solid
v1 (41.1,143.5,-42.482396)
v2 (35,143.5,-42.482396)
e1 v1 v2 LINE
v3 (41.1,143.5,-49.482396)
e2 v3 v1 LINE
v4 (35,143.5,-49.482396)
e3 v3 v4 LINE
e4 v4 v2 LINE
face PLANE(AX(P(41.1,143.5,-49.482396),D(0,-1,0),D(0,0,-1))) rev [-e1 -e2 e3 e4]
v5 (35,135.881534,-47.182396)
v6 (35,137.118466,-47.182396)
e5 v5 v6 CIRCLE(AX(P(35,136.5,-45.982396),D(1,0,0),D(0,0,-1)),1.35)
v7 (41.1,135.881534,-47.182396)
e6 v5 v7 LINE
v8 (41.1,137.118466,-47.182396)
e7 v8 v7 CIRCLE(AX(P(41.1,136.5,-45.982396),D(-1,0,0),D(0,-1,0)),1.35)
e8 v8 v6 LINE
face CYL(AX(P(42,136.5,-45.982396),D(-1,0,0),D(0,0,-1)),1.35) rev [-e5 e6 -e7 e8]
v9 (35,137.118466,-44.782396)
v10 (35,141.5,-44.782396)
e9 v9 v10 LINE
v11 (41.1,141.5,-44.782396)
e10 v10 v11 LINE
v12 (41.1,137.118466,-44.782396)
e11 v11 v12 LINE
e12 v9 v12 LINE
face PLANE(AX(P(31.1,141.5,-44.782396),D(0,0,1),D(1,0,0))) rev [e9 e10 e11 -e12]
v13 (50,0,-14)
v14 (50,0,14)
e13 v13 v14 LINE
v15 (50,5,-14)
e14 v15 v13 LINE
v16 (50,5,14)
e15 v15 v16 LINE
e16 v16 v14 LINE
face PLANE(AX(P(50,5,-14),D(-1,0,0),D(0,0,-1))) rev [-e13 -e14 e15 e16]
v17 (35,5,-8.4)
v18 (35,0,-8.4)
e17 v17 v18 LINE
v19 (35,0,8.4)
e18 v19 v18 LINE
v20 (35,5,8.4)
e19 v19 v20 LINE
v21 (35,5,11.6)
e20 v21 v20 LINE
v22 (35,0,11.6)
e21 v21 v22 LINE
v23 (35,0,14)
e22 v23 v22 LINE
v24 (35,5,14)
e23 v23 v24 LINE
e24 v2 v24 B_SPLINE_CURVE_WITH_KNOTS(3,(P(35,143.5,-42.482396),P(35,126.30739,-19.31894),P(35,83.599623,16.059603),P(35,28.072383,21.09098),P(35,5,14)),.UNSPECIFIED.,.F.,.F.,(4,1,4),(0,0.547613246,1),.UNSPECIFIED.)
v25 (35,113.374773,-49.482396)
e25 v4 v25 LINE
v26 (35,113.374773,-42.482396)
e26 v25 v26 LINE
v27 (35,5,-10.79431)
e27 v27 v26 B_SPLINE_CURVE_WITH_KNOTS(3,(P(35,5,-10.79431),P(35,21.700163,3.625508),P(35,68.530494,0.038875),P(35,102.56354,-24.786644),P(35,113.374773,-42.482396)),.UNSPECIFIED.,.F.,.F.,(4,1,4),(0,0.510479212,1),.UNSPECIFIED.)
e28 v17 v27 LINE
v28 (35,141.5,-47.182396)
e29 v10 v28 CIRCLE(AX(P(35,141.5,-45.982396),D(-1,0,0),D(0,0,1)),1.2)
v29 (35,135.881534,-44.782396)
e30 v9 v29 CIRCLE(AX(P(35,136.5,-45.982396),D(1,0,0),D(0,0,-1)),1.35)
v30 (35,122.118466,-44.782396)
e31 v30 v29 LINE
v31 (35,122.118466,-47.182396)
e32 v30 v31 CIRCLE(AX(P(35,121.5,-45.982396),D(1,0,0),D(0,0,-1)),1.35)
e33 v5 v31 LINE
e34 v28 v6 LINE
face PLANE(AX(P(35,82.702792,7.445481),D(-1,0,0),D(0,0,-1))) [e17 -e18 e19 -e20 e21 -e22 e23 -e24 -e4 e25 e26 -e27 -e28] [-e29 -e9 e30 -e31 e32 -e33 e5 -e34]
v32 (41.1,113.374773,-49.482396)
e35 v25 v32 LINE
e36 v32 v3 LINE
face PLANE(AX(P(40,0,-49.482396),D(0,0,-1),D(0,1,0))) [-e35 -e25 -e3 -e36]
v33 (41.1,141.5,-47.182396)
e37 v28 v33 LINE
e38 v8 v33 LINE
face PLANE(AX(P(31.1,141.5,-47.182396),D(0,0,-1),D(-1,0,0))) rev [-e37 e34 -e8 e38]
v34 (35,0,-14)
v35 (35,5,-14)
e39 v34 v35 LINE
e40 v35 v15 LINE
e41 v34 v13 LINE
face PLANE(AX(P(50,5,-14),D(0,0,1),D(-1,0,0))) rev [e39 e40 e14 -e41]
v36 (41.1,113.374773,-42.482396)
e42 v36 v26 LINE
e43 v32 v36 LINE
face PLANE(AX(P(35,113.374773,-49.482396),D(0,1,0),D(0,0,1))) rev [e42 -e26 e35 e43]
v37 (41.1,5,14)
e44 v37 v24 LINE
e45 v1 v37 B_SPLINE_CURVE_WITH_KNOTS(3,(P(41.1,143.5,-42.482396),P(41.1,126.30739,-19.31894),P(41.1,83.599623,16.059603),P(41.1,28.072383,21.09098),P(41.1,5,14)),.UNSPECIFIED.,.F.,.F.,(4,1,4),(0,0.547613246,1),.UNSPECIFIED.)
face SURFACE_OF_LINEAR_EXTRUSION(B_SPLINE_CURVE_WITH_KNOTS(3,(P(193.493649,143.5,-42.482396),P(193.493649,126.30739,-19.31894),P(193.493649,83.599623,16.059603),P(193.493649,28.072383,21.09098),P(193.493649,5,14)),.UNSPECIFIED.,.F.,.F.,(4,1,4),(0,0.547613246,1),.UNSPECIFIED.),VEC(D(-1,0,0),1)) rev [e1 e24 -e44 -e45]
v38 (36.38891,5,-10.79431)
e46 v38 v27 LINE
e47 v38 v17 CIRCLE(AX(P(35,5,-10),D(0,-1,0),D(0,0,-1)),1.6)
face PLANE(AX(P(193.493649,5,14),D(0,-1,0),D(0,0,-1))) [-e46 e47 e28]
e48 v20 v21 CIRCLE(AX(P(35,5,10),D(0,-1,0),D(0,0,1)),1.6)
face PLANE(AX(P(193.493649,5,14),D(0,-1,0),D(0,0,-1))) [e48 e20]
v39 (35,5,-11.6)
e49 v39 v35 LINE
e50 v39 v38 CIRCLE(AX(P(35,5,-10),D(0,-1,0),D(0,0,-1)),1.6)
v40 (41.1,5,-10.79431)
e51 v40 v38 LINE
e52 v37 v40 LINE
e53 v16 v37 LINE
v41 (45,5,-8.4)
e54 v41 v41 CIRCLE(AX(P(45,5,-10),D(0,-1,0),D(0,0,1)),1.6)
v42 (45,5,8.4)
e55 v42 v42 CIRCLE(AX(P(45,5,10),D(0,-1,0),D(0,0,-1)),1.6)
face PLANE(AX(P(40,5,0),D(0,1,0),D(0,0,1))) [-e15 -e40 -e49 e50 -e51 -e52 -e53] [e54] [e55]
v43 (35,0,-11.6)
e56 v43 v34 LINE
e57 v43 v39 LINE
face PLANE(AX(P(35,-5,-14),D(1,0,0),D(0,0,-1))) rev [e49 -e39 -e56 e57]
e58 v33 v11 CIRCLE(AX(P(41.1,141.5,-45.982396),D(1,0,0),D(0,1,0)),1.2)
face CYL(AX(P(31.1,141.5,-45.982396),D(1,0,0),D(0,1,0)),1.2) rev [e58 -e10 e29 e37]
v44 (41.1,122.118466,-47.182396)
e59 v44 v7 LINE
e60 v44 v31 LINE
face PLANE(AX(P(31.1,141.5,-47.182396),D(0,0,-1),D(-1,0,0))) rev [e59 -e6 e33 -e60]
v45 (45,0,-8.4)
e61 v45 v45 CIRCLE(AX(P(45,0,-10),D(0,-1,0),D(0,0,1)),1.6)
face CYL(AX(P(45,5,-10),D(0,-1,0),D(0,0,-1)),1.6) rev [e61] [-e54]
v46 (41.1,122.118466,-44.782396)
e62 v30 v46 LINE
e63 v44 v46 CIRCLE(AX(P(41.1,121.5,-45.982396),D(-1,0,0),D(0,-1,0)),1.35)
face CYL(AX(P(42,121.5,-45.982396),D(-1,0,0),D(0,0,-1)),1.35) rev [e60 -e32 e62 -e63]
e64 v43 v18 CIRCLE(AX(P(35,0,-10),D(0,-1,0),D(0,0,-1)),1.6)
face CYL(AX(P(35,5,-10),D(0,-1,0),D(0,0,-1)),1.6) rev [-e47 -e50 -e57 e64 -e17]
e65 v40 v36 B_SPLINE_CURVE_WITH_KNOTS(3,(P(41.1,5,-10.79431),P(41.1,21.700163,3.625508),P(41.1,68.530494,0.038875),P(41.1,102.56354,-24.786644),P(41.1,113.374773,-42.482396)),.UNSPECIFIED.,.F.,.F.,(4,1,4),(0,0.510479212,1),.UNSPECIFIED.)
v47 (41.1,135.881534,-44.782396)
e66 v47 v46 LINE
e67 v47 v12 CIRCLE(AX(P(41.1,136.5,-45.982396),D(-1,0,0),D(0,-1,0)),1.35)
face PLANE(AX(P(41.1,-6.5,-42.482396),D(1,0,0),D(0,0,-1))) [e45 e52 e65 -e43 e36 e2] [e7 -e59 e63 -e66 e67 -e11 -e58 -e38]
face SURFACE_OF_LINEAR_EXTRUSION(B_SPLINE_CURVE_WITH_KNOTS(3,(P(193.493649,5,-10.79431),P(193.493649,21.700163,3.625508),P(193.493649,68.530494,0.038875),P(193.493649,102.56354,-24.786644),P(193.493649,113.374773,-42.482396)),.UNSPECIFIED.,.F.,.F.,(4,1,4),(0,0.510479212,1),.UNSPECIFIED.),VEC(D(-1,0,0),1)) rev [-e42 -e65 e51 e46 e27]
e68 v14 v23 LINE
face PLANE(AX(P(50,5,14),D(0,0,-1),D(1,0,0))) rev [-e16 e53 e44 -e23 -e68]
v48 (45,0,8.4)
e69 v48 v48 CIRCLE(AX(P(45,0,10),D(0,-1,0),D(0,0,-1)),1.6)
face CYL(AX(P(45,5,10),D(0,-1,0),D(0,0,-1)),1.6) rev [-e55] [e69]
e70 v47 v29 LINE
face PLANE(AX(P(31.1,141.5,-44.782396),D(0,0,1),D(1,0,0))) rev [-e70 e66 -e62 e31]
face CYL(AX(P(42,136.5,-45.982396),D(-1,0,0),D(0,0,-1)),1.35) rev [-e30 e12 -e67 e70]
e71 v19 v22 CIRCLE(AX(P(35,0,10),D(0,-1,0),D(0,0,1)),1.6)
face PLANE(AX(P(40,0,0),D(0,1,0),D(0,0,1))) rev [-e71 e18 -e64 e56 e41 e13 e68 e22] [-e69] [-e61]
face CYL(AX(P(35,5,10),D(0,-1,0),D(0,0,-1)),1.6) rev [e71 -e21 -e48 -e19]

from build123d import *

# Parameters (mm, degrees)
SKETCH_1_W           = 20
SKETCH_1_H           = 28
SKETCH_1_R           = 1.6
EXTRUDE_1_DEPTH      = 5
EXTRUDE_2_DEPTH      = 5
EXTRUDE_2_DEPTH_BACK = 1.1
SKETCH_3_W           = 6.1
SKETCH_3_H           = 30.125226912
EXTRUDE_3_DEPTH      = 7
SKETCH_4_R           = 1.35
CUT_EXTRUDE_1_DEPTH  = 7
SKETCH_5_W           = 5
SKETCH_5_H           = 28
CUT_EXTRUDE_2_DEPTH  = 10
CUT_EXTRUDE_3_DEPTH  = 10


with BuildPart() as part:
    # 草图1 → 凸台-拉伸1 (new body)
    with BuildSketch(Plane(origin=(0, 0, 0), x_dir=(1, 0, 0), z_dir=(0, 1, 0))):
        Rectangle(SKETCH_1_W, SKETCH_1_H)
        with Locations(Location((-5, 10, 0), (0, 0, 270))):
            Circle(SKETCH_1_R, mode=Mode.SUBTRACT)
        with Locations(Location((5, 10, 0), (0, 0, 90))):
            Circle(SKETCH_1_R, mode=Mode.SUBTRACT)
        with Locations(Location((5, -10, 0), (0, 0, 270))):
            Circle(SKETCH_1_R, mode=Mode.SUBTRACT)
        with Locations(Location((-5, -10, 0), (0, 0, 90))):
            Circle(SKETCH_1_R, mode=Mode.SUBTRACT)
    extrude(amount=EXTRUDE_1_DEPTH)

    # 草图2 → 凸台-拉伸2 (add, two sides: drawn at the far end of the back side and taken through both)
    with BuildSketch(Plane(origin=(0, 0, 0), x_dir=(0, 0, -1), z_dir=(1, 0, 0)).offset(-EXTRUDE_2_DEPTH_BACK)):
        with BuildLine():
            Line((42.482395746, 143.5), (42.482395746, 113.374773088))
            add(Edge.make_bspline(
                [(10.794309538, 5), (-3.625508376, 21.700163207), (-0.038874902, 68.530494039), (24.786643579, 102.563540472), (42.482395746, 113.374773088)],
                knots=[0, 0, 0, 0, 0.510479212, 1, 1, 1, 1], degree=3))
            Line((10.794309538, 5), (-14, 5))
            add(Edge.make_bspline(
                [(-14, 5), (-21.090980053, 28.072383436), (-16.059602837, 83.599622922), (19.318940175, 126.307389699), (42.482395746, 143.5)],
                knots=[0, 0, 0, 0, 0.452386754, 1, 1, 1, 1], degree=3))
        make_face()
    extrude(amount=EXTRUDE_2_DEPTH + EXTRUDE_2_DEPTH_BACK)

    # 草图3 → 凸台-拉伸3 (add)
    with BuildSketch(Plane(origin=(0, 0, -42.482395746), x_dir=(-1, 0, 0), z_dir=(0, 0, -1))):
        with Locations((-1.95, 128.437386544)):
            Rectangle(SKETCH_3_W, SKETCH_3_H)
    extrude(amount=EXTRUDE_3_DEPTH)

    # 草图4 → 切除-拉伸1 (cut)
    with BuildSketch(Plane(origin=(5, 0, 0), x_dir=(0, 0, -1), z_dir=(1, 0, 0))):
        with Locations((45.982395746, 136.5)):
            Circle(SKETCH_4_R)
        with Locations((45.982395746, 121.5)):
            Circle(SKETCH_4_R)
    extrude(amount=-CUT_EXTRUDE_1_DEPTH, mode=Mode.SUBTRACT)


with BuildPart() as body_2:
    # 镜向1: mirrored copy
    add(part.part.mirror(Plane(origin=(20, 0, 0), x_dir=(0, 0, 1), z_dir=(1, 0, 0))))

    # 草图5 → 切除-拉伸2 (cut)
    with BuildSketch(Plane(origin=(0, 5, 0), x_dir=(1, 0, 0), z_dir=(0, 1, 0))):
        with Locations((32.5, 0)):
            Rectangle(SKETCH_5_W, SKETCH_5_H)
    extrude(amount=-CUT_EXTRUDE_2_DEPTH, mode=Mode.SUBTRACT)

    # 草图6 → 切除-拉伸3 (cut)
    with BuildSketch(Plane(origin=(41.1, 0, 0), x_dir=(0, 0, -1), z_dir=(1, 0, 0))):
        with BuildLine():
            Line((47.182395746, 141.5), (47.182395746, 121.5))
            ThreePointArc((47.182395746, 121.5), (45.982395746, 120.3), (44.782395746, 121.5))
            Line((44.782395746, 121.5), (44.782395746, 141.5))
            ThreePointArc((44.782395746, 141.5), (45.982395746, 142.7), (47.182395746, 141.5))
        make_face()
    extrude(amount=-CUT_EXTRUDE_3_DEPTH, mode=Mode.SUBTRACT)


solid = body_2.part
